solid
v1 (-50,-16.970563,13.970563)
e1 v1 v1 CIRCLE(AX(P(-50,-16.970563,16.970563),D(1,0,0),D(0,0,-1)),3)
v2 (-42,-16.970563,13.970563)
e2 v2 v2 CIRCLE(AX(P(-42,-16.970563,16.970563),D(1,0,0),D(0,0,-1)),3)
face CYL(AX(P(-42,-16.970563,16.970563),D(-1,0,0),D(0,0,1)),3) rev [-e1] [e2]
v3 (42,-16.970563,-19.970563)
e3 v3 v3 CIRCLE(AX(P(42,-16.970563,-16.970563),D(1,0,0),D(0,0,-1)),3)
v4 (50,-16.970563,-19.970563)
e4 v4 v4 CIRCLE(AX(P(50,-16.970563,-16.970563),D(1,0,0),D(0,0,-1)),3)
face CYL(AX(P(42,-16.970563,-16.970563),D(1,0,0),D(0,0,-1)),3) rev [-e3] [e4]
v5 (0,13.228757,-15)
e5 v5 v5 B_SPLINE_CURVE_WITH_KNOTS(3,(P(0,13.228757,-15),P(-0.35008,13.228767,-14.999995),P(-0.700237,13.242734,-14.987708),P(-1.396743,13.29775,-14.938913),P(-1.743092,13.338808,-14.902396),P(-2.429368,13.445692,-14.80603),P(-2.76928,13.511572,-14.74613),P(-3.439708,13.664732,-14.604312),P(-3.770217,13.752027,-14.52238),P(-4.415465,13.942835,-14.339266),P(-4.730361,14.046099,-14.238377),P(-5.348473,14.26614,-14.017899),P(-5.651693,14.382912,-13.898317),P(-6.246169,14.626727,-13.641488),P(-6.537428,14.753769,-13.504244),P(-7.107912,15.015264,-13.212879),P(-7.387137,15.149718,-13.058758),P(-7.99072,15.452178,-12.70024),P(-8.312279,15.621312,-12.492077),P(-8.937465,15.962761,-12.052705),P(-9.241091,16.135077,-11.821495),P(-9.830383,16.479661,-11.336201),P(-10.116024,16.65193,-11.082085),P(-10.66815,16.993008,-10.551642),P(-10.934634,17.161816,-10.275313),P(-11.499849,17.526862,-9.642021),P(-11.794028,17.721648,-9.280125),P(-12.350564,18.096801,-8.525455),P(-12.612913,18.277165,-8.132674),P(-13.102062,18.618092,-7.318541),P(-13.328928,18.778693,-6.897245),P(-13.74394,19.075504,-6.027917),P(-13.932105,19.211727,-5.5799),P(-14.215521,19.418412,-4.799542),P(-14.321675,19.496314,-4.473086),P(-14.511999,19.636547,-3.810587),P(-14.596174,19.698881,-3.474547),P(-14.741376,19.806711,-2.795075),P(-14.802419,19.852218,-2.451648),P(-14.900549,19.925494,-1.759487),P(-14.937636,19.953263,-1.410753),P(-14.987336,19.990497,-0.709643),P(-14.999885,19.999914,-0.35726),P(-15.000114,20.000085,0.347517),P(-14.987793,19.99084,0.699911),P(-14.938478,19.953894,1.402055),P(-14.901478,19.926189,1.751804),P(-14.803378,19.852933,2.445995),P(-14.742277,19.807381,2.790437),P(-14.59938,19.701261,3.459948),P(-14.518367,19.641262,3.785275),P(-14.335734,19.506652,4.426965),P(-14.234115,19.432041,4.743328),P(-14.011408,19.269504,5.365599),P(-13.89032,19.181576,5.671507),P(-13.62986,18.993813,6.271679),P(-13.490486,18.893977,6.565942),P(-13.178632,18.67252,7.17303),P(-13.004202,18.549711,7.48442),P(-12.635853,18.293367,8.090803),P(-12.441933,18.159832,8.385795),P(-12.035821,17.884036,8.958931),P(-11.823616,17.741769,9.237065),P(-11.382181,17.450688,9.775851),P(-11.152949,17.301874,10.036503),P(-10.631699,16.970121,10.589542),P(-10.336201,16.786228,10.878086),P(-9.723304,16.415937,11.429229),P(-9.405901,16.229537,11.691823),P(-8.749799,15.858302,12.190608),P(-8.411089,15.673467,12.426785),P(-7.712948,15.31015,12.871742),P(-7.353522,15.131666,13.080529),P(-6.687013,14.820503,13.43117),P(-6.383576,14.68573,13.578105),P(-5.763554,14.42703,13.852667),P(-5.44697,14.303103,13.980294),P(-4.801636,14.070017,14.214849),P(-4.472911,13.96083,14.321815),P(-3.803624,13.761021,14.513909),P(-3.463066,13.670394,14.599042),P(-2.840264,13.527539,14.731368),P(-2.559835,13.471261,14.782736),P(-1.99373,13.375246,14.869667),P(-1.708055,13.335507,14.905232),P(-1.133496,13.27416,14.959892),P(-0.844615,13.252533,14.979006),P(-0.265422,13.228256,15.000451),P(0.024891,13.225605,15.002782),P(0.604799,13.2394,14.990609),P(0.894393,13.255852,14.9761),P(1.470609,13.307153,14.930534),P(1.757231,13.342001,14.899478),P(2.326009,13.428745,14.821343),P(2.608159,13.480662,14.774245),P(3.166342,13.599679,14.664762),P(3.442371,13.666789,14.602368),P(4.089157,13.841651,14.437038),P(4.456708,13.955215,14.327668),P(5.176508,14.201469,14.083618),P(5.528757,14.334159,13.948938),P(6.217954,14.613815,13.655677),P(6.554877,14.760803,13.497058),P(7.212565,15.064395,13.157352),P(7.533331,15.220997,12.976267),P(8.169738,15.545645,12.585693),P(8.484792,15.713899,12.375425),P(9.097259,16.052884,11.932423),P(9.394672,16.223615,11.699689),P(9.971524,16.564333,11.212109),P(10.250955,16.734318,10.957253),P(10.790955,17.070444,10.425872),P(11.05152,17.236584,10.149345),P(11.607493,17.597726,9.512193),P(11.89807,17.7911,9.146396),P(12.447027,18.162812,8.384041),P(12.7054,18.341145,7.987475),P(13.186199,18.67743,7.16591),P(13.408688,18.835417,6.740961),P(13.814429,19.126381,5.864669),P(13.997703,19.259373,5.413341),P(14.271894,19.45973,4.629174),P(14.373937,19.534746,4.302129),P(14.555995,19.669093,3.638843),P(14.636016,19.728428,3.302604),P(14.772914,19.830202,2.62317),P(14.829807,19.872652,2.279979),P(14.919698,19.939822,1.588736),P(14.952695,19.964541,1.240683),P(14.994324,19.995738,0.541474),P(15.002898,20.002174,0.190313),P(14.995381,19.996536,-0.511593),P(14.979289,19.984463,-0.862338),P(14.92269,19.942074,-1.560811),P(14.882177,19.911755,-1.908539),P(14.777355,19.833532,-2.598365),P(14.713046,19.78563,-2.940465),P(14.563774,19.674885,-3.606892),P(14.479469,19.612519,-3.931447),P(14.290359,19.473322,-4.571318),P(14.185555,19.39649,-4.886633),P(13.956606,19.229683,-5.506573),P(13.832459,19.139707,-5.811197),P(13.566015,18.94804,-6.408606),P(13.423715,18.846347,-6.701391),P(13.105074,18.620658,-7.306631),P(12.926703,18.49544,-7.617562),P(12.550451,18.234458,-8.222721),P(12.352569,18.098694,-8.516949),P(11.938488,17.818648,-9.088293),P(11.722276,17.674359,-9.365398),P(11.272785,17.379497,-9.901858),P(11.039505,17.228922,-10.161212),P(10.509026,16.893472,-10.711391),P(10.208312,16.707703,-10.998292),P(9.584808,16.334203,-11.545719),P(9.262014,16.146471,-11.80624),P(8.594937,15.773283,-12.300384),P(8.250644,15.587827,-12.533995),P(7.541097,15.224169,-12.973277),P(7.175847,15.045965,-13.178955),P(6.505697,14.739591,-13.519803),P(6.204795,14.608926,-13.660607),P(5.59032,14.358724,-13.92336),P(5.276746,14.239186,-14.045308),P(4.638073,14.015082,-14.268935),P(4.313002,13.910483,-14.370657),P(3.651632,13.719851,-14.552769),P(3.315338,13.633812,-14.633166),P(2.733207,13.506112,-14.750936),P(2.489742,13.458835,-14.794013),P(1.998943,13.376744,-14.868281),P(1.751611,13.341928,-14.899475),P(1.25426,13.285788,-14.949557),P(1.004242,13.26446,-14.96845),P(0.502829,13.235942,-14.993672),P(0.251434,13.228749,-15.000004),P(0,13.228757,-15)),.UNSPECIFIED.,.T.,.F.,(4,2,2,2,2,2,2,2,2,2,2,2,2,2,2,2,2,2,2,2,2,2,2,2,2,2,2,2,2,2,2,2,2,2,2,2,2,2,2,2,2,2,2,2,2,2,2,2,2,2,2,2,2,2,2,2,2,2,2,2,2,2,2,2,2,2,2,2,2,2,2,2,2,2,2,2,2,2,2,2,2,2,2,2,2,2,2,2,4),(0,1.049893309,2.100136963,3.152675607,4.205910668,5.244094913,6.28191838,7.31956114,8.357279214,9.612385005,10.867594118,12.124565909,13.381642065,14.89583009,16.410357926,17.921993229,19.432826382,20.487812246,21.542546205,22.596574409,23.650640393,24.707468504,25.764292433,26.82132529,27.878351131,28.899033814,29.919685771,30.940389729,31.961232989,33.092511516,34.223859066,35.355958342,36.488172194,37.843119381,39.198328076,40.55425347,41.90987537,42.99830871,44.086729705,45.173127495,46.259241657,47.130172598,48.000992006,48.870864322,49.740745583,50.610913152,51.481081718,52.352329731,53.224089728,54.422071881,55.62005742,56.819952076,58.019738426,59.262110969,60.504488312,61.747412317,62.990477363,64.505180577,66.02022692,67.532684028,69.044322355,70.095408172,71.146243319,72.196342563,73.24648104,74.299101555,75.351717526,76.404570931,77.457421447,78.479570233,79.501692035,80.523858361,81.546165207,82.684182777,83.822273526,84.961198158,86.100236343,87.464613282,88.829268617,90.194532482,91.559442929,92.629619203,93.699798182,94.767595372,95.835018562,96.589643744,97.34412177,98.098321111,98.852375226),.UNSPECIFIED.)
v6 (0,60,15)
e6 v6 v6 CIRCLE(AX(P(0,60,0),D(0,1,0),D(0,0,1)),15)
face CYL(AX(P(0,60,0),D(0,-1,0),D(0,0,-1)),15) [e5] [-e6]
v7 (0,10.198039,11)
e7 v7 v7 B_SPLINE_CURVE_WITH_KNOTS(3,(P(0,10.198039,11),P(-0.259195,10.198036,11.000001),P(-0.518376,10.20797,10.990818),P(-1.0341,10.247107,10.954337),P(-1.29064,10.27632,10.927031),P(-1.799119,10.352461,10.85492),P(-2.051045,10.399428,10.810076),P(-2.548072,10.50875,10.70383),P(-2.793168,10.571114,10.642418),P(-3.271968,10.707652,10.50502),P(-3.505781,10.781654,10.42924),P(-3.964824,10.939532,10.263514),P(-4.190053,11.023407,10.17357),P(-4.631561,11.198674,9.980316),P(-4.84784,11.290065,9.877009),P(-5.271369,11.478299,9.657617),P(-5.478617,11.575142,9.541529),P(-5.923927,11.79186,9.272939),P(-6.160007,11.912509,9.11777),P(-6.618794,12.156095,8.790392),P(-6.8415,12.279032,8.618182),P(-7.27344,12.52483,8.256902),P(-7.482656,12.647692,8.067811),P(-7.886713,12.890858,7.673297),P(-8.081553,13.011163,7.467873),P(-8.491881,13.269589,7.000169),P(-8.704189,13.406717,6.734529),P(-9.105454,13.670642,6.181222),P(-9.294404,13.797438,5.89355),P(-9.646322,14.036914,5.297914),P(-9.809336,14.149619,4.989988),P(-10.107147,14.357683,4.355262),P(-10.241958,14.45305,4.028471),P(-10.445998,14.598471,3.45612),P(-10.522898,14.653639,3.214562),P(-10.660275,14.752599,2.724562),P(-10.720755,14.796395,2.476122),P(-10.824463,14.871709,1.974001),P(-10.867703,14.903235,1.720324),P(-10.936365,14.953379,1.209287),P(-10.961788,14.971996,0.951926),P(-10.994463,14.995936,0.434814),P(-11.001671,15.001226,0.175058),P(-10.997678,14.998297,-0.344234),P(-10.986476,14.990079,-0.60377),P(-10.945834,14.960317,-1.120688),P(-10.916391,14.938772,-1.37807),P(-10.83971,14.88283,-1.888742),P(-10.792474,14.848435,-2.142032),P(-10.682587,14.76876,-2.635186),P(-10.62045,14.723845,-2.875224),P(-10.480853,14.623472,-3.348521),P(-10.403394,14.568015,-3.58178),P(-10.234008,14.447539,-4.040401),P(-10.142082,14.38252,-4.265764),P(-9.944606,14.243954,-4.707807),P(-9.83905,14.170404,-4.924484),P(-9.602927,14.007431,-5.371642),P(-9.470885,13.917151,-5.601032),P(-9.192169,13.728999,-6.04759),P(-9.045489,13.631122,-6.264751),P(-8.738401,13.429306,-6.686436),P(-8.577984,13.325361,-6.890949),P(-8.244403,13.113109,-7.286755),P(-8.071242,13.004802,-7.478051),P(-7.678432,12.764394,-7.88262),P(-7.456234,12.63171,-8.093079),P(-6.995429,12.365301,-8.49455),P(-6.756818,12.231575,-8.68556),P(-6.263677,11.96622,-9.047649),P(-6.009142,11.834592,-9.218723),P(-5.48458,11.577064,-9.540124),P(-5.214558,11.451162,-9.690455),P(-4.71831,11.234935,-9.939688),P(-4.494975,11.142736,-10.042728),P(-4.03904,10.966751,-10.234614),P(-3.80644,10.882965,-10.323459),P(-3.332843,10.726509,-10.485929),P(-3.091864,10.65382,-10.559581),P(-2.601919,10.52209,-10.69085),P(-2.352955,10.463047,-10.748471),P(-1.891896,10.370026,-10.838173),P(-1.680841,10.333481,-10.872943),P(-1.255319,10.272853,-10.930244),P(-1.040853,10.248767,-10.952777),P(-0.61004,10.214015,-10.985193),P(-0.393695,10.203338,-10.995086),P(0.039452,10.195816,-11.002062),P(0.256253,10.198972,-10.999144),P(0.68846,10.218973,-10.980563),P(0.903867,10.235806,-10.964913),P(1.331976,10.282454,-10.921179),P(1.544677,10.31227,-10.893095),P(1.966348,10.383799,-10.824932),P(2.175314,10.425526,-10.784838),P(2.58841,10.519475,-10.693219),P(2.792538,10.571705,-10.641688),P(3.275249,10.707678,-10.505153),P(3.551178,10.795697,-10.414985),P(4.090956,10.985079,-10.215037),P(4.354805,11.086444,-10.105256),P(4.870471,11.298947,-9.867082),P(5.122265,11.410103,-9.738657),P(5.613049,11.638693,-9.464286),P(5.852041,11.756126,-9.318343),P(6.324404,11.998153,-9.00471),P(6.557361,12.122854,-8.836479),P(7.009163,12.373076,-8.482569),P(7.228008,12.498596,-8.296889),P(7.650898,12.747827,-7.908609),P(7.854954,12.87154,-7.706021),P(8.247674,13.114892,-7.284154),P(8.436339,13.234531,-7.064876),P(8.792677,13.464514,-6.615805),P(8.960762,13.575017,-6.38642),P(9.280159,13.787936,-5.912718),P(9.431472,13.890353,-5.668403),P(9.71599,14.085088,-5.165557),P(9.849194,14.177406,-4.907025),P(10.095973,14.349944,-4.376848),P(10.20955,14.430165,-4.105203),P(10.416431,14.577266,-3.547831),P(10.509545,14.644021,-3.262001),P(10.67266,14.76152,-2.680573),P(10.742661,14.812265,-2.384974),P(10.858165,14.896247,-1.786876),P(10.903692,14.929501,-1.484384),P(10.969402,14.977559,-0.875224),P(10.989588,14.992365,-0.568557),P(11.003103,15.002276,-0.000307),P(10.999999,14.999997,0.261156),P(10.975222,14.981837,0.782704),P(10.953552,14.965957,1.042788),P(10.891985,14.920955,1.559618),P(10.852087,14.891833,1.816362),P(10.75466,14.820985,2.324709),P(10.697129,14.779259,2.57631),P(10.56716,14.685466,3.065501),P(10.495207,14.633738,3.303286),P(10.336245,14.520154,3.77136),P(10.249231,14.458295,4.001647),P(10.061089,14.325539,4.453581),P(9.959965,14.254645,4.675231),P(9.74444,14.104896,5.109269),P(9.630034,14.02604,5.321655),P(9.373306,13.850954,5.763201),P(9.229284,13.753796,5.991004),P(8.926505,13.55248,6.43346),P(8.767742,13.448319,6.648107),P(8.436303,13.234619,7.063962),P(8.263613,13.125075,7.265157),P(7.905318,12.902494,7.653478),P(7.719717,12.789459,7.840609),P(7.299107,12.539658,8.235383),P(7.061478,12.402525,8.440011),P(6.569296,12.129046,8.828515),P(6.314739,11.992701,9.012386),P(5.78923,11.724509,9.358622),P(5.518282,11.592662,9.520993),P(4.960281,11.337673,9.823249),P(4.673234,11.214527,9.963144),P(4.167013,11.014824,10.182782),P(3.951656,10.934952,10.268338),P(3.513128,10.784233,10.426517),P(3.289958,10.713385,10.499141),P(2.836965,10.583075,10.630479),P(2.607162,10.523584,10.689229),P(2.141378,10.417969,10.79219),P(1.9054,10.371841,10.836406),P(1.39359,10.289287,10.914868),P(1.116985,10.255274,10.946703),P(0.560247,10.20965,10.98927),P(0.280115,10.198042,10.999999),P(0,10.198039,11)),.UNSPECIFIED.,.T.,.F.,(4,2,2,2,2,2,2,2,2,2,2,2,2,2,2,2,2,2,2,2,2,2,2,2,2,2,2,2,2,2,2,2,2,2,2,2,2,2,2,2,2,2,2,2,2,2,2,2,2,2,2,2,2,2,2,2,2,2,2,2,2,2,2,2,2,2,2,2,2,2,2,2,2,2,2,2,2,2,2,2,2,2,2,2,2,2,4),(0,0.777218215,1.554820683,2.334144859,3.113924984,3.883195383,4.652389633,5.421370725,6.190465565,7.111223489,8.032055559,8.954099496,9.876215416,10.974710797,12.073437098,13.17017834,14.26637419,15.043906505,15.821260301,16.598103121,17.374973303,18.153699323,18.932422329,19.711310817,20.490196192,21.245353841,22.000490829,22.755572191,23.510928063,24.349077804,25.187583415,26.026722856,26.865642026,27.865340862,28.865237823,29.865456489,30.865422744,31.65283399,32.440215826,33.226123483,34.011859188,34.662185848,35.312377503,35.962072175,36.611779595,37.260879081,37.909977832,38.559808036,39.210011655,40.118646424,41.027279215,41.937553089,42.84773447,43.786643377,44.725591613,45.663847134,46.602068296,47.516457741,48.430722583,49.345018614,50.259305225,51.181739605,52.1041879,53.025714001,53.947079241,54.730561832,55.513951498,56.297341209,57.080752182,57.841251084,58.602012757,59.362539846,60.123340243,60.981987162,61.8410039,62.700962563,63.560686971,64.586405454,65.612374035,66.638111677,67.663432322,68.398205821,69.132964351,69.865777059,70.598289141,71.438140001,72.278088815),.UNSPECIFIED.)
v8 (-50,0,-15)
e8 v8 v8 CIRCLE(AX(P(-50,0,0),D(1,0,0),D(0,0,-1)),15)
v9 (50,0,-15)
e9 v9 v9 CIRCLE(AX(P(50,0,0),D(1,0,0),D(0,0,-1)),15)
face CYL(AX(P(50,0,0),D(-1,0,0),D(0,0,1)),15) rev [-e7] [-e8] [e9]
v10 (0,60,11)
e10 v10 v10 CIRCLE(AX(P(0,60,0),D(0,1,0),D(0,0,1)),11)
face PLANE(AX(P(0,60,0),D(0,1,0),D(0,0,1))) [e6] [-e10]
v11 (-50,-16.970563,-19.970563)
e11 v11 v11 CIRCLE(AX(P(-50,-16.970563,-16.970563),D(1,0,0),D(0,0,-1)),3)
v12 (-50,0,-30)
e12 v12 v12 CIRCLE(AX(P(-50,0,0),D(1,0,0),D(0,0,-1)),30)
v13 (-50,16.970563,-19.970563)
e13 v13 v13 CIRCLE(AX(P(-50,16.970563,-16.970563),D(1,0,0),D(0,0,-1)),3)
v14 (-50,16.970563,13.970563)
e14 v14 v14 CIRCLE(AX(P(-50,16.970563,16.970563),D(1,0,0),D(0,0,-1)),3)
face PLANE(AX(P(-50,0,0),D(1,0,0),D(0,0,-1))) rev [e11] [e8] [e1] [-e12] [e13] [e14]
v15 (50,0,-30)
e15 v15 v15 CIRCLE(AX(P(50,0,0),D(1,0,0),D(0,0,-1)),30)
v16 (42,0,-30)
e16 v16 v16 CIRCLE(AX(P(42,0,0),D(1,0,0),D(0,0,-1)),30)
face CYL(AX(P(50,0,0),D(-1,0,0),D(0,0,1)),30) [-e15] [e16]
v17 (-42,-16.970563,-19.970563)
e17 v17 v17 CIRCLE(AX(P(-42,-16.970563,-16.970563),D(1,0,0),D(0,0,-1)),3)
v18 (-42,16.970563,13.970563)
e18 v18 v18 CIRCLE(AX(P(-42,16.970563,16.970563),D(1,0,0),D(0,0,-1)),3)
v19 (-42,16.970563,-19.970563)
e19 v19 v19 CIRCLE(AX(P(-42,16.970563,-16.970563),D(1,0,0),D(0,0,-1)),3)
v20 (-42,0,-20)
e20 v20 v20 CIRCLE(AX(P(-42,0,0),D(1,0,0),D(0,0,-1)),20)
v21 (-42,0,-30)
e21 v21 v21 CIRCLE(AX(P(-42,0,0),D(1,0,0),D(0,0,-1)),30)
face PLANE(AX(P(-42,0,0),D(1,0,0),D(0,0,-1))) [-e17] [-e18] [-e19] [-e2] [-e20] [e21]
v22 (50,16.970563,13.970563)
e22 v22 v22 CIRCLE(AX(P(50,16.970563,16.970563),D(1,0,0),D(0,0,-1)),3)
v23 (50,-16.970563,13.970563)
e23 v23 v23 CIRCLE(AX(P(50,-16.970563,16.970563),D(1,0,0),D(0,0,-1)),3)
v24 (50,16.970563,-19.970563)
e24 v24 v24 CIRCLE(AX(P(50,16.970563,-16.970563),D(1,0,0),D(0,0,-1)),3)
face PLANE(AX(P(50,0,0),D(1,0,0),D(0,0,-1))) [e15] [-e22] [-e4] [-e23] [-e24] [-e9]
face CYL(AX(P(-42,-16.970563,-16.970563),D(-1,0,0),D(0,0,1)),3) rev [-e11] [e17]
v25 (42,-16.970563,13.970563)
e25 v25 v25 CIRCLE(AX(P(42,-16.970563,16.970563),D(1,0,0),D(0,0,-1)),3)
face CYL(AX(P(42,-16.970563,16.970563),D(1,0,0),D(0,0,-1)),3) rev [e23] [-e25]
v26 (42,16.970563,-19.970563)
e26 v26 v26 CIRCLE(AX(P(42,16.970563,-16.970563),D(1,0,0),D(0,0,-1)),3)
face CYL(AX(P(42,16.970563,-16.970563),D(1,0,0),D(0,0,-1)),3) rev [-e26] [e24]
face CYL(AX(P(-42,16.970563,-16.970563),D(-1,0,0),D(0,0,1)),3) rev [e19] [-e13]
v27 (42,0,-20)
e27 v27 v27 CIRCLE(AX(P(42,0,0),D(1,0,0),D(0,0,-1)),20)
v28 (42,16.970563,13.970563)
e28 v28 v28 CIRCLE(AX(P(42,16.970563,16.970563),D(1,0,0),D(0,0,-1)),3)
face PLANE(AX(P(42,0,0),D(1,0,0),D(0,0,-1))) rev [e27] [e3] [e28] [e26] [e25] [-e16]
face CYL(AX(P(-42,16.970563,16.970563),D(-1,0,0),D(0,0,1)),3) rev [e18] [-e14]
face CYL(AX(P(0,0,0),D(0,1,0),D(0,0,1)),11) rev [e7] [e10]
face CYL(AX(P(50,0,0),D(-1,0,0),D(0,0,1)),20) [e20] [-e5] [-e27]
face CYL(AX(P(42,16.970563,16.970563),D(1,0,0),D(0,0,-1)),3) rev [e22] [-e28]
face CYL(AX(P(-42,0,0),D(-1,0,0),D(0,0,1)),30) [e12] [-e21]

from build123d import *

# Parameters (mm, degrees)
SKETCH_1_R          = 20
EXTRUDE_1_DEPTH     = 100
SKETCH_2_R          = 30
EXTRUDE_2_DEPTH     = 8
SKETCH_3_R          = 30
EXTRUDE_3_DEPTH     = 8
SKETCH_4_R          = 15
EXTRUDE_4_DEPTH     = 60
SKETCH_5_R          = 15
CUT_EXTRUDE_1_DEPTH = 121.415945838
SKETCH_7_R          = 11
CUT_EXTRUDE_3_DEPTH = 60
SKETCH_8_R          = 3
CUT_EXTRUDE_4_DEPTH = 8
CUT_EXTRUDE_START   = -8
SKETCH_9_R          = 3
CUT_EXTRUDE_5_DEPTH = 8


with BuildPart() as part:
    # 草图1 → 凸台-拉伸1 (new body)
    with BuildSketch(Plane(origin=(-50, 0, 0), x_dir=(0, 0, -1), z_dir=(1, 0, 0))):
        Circle(SKETCH_1_R)
    extrude(amount=EXTRUDE_1_DEPTH)

    # 草图2 → 凸台-拉伸2 (add)
    with BuildSketch(Plane(origin=(-50, 0, 0), x_dir=(0, 0, -1), z_dir=(1, 0, 0))):
        Circle(SKETCH_2_R)
    extrude(amount=EXTRUDE_2_DEPTH)

    # 草图3 → 凸台-拉伸3 (add)
    with BuildSketch(Plane(origin=(42, 0, 0), x_dir=(0, 0, -1), z_dir=(1, 0, 0))):
        Circle(SKETCH_3_R)
    extrude(amount=EXTRUDE_3_DEPTH)

    # 草图4 → 凸台-拉伸4 (add)
    with BuildSketch(Plane(origin=(0, 0, 0), x_dir=(1, 0, 0), z_dir=(0, 1, 0))):
        with Locations(Location((0, 0, 0), (0, 0, 90))):
            Circle(SKETCH_4_R)
    extrude(amount=EXTRUDE_4_DEPTH)

    # 草图5 → 切除-拉伸1 (cut, through all)
    with BuildSketch(Plane(origin=(-50, 0, 0), x_dir=(0, 0, -1), z_dir=(1, 0, 0))):
        Circle(SKETCH_5_R)
    extrude(amount=CUT_EXTRUDE_1_DEPTH, mode=Mode.SUBTRACT)

    # 草图7 → 切除-拉伸3 (cut)
    with BuildSketch(Plane(origin=(0, 60, 0), x_dir=(1, 0, 0), z_dir=(0, 1, 0))):
        with Locations(Location((0, 0, 0), (0, 0, 270))):
            Circle(SKETCH_7_R)
    extrude(amount=-CUT_EXTRUDE_3_DEPTH, mode=Mode.SUBTRACT)

    # 草图8 → 切除-拉伸4 (cut)
    with BuildSketch(Plane(origin=(-50, 0, 0), x_dir=(0, 0, -1), z_dir=(1, 0, 0))):
        with Locations((-16.970563, 16.970563)):
            Circle(SKETCH_8_R)
        with Locations((16.970563, 16.970563)):
            Circle(SKETCH_8_R)
        with Locations((16.970563, -16.970563)):
            Circle(SKETCH_8_R)
        with Locations((-16.970563, -16.970563)):
            Circle(SKETCH_8_R)
    extrude(amount=CUT_EXTRUDE_4_DEPTH, mode=Mode.SUBTRACT)

    # 草图9 → 切除-拉伸5 (cut)
    with BuildSketch(Plane(origin=(50, 0, 0), x_dir=(0, 0, -1), z_dir=(1, 0, 0)).offset(CUT_EXTRUDE_START)):
        with Locations((-16.970563, 16.970563)):
            Circle(SKETCH_9_R)
        with Locations((16.970563, 16.970563)):
            Circle(SKETCH_9_R)
        with Locations((16.970563, -16.970563)):
            Circle(SKETCH_9_R)
        with Locations((-16.970563, -16.970563)):
            Circle(SKETCH_9_R)
    extrude(amount=CUT_EXTRUDE_5_DEPTH, mode=Mode.SUBTRACT)


solid = part.part
